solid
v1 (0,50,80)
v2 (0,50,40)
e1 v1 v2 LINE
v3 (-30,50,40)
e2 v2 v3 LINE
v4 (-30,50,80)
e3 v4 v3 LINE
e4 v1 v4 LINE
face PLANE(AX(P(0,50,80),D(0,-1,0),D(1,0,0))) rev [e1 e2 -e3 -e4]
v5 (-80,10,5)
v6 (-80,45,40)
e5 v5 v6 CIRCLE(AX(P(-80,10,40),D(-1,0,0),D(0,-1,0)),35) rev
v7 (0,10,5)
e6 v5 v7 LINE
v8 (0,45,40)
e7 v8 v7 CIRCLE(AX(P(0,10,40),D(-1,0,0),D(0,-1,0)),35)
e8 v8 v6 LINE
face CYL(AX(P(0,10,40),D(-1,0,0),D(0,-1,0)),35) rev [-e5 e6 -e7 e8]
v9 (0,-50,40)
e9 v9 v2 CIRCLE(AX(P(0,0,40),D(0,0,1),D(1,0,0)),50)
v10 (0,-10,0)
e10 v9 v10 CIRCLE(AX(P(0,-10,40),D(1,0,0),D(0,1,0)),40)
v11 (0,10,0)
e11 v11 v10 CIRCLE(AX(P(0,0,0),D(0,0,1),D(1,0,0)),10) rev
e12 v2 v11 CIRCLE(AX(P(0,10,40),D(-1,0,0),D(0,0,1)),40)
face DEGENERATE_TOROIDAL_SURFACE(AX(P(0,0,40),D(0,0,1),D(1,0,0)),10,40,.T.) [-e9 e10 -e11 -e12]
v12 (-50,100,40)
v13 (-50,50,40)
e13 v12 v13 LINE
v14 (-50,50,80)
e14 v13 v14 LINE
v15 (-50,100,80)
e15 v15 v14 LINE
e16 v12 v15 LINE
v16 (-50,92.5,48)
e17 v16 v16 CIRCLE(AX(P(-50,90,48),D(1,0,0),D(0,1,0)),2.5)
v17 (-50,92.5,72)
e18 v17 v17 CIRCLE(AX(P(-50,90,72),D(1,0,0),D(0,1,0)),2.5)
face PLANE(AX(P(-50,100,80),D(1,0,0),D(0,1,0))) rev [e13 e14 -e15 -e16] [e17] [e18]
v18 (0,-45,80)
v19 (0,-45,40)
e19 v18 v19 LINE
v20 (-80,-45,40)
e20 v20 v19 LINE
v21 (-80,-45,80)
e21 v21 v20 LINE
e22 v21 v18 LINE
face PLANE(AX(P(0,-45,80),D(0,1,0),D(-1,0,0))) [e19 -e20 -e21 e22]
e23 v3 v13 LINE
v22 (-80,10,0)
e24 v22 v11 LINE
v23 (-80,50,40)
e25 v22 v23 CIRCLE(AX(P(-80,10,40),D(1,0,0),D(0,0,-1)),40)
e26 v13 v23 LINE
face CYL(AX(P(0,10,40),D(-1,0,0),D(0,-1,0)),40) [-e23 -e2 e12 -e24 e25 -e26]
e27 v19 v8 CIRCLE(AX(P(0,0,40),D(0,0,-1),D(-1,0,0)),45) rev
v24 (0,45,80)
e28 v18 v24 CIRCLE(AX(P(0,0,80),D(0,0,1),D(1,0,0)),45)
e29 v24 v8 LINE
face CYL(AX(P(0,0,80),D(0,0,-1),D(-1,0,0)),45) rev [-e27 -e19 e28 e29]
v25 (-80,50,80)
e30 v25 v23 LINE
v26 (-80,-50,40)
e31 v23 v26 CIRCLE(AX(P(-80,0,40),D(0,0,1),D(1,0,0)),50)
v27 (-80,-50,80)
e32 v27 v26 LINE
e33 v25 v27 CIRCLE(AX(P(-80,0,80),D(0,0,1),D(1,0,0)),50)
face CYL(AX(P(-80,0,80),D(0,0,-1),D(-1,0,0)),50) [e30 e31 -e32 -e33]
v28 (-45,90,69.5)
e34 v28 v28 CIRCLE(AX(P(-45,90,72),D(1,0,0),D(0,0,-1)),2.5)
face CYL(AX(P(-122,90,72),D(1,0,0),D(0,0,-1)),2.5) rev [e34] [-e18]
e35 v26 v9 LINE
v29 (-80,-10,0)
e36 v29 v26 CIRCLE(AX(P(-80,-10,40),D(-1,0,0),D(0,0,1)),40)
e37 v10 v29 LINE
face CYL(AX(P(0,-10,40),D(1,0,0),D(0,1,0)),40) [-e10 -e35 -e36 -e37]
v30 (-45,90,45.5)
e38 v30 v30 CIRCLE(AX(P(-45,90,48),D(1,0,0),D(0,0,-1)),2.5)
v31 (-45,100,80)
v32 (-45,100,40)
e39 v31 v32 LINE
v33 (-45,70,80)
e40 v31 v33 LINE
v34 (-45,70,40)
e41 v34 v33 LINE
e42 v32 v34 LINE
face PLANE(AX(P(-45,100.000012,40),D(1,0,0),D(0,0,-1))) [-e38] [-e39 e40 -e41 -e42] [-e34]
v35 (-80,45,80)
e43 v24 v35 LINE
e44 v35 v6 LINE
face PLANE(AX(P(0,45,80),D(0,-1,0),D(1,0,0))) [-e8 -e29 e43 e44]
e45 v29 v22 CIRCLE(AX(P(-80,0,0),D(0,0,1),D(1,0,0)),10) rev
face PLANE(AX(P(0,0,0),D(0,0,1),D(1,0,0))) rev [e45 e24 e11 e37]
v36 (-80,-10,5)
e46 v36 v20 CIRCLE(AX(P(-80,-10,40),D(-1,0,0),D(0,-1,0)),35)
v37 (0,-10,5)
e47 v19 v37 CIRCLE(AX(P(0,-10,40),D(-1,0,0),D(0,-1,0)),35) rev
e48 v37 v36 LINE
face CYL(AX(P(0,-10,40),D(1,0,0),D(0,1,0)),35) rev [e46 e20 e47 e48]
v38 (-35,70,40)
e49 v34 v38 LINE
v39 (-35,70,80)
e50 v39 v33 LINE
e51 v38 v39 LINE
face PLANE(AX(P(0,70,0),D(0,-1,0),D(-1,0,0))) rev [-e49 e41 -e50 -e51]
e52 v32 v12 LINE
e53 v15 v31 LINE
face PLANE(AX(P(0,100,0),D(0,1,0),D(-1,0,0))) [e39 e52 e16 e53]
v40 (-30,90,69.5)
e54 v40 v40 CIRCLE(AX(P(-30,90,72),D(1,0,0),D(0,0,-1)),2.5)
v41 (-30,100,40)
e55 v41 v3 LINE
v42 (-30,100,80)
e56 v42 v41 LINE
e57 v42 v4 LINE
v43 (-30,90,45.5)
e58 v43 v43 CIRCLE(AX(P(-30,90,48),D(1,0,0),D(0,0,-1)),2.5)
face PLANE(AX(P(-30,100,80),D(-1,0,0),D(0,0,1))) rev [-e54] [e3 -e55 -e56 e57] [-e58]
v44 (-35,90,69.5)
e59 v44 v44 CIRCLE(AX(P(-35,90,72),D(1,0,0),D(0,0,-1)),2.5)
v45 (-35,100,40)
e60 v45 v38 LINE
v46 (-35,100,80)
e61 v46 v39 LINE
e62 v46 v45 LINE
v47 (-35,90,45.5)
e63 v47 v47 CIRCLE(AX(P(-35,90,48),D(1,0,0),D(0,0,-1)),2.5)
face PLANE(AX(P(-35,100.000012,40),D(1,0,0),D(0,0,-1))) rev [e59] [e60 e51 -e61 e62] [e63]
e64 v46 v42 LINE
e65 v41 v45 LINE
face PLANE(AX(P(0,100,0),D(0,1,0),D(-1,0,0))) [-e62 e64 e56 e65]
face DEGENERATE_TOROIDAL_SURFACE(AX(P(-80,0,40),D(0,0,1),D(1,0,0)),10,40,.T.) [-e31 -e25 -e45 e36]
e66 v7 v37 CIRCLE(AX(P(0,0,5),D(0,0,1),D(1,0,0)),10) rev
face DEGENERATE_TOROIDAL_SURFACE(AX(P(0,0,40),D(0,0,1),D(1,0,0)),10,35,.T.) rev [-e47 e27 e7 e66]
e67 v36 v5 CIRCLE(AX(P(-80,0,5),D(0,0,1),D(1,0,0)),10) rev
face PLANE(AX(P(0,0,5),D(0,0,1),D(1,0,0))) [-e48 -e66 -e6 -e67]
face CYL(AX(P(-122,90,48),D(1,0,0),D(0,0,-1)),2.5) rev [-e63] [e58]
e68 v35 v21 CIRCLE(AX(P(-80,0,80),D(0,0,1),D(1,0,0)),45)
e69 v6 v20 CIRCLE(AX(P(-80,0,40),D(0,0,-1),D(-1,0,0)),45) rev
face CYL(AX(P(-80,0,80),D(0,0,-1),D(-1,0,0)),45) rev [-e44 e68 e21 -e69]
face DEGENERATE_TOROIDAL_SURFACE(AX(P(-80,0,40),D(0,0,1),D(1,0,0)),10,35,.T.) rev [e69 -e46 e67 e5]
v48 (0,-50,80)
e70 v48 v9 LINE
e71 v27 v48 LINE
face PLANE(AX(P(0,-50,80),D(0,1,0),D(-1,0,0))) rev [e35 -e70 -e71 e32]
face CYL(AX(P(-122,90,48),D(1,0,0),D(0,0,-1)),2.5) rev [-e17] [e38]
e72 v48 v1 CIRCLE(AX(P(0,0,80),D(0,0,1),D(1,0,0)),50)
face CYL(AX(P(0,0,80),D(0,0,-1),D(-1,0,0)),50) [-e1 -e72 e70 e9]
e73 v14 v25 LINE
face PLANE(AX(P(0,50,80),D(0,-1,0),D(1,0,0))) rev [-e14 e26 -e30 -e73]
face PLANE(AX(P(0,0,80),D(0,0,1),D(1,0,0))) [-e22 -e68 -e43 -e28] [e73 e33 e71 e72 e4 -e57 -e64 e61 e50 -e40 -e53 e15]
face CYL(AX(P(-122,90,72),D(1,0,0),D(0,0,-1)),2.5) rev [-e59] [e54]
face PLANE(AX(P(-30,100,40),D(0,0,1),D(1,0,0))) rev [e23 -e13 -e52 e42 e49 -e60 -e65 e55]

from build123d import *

# Parameters (mm, degrees)
BOSS_EXTRUDE1_DEPTH          = 80
FILLET1_R                    = 40
SHELL1_T                     = -5
SKETCH3_W                    = 20
SKETCH3_H                    = 40
BOSS_EXTRUDE2_DEPTH          = 50
CUT_EXTRUDE_THIN1_DEPTH      = 215.00934559
CUT_EXTRUDE_THIN1_DEPTH_BACK = 30
SKETCH4_W                    = 10
SKETCH4_H                    = 40
SKETCH5_R                    = 2.5
CUT_EXTRUDE1_DEPTH           = 92


with BuildPart() as part:
    # Sketch2 → Boss-Extrude1 (new body)
    with BuildSketch(Plane.XY):
        with BuildLine():
            Line((0, -50), (-80, -50))
            ThreePointArc((-80, -50), (-130, 0), (-80, 50))
            Line((-80, 50), (0, 50))
            ThreePointArc((0, 50), (50, 0), (0, -50))
        make_face()
    extrude(amount=BOSS_EXTRUDE1_DEPTH)

    # Fillet1
    fillet1_edges = [part.edges().sort_by_distance(p)[0] for p in [
        (-40, -50, 0),
        (-130, 0, 0),
        (-40, 50, 0),
        (50, 0, 0),
    ]]
    fillet(fillet1_edges, radius=FILLET1_R)

    # Shell1
    shell1_openings = [part.faces().sort_by_distance(p)[0] for p in [
        (-40, 0, 80),
    ]]
    offset(amount=SHELL1_T, openings=shell1_openings, kind=Kind.INTERSECTION)

    # Sketch3 → Boss-Extrude2 (add)
    with BuildSketch(Plane(origin=(0, 50, 0), x_dir=(1, 0, 0), z_dir=(0, 1, 0))):
        with Locations((-40, -60)):
            Rectangle(SKETCH3_W, SKETCH3_H)
    extrude(amount=BOSS_EXTRUDE2_DEPTH)

    # Sketch4 → Cut-Extrude-Thin1 (cut, two sides: drawn at the far end of the back side and taken through both)
    with BuildSketch(Plane(origin=(0, 100, 0), x_dir=(1, 0, 0), z_dir=(0, 1, 0)).offset(-CUT_EXTRUDE_THIN1_DEPTH_BACK)):
        with Locations((-40, -60)):
            Rectangle(SKETCH4_W, SKETCH4_H)
    extrude(amount=CUT_EXTRUDE_THIN1_DEPTH + CUT_EXTRUDE_THIN1_DEPTH_BACK, mode=Mode.SUBTRACT)

    # Sketch5 → Cut-Extrude1 (cut)
    with BuildSketch(Plane(origin=(-30, 0, 0), x_dir=(0, 0, -1), z_dir=(1, 0, 0))):
        with Locations((-72, 90)):
            Circle(SKETCH5_R)
        with Locations((-48, 90)):
            Circle(SKETCH5_R)
    extrude(amount=-CUT_EXTRUDE1_DEPTH, mode=Mode.SUBTRACT)


solid = part.part
